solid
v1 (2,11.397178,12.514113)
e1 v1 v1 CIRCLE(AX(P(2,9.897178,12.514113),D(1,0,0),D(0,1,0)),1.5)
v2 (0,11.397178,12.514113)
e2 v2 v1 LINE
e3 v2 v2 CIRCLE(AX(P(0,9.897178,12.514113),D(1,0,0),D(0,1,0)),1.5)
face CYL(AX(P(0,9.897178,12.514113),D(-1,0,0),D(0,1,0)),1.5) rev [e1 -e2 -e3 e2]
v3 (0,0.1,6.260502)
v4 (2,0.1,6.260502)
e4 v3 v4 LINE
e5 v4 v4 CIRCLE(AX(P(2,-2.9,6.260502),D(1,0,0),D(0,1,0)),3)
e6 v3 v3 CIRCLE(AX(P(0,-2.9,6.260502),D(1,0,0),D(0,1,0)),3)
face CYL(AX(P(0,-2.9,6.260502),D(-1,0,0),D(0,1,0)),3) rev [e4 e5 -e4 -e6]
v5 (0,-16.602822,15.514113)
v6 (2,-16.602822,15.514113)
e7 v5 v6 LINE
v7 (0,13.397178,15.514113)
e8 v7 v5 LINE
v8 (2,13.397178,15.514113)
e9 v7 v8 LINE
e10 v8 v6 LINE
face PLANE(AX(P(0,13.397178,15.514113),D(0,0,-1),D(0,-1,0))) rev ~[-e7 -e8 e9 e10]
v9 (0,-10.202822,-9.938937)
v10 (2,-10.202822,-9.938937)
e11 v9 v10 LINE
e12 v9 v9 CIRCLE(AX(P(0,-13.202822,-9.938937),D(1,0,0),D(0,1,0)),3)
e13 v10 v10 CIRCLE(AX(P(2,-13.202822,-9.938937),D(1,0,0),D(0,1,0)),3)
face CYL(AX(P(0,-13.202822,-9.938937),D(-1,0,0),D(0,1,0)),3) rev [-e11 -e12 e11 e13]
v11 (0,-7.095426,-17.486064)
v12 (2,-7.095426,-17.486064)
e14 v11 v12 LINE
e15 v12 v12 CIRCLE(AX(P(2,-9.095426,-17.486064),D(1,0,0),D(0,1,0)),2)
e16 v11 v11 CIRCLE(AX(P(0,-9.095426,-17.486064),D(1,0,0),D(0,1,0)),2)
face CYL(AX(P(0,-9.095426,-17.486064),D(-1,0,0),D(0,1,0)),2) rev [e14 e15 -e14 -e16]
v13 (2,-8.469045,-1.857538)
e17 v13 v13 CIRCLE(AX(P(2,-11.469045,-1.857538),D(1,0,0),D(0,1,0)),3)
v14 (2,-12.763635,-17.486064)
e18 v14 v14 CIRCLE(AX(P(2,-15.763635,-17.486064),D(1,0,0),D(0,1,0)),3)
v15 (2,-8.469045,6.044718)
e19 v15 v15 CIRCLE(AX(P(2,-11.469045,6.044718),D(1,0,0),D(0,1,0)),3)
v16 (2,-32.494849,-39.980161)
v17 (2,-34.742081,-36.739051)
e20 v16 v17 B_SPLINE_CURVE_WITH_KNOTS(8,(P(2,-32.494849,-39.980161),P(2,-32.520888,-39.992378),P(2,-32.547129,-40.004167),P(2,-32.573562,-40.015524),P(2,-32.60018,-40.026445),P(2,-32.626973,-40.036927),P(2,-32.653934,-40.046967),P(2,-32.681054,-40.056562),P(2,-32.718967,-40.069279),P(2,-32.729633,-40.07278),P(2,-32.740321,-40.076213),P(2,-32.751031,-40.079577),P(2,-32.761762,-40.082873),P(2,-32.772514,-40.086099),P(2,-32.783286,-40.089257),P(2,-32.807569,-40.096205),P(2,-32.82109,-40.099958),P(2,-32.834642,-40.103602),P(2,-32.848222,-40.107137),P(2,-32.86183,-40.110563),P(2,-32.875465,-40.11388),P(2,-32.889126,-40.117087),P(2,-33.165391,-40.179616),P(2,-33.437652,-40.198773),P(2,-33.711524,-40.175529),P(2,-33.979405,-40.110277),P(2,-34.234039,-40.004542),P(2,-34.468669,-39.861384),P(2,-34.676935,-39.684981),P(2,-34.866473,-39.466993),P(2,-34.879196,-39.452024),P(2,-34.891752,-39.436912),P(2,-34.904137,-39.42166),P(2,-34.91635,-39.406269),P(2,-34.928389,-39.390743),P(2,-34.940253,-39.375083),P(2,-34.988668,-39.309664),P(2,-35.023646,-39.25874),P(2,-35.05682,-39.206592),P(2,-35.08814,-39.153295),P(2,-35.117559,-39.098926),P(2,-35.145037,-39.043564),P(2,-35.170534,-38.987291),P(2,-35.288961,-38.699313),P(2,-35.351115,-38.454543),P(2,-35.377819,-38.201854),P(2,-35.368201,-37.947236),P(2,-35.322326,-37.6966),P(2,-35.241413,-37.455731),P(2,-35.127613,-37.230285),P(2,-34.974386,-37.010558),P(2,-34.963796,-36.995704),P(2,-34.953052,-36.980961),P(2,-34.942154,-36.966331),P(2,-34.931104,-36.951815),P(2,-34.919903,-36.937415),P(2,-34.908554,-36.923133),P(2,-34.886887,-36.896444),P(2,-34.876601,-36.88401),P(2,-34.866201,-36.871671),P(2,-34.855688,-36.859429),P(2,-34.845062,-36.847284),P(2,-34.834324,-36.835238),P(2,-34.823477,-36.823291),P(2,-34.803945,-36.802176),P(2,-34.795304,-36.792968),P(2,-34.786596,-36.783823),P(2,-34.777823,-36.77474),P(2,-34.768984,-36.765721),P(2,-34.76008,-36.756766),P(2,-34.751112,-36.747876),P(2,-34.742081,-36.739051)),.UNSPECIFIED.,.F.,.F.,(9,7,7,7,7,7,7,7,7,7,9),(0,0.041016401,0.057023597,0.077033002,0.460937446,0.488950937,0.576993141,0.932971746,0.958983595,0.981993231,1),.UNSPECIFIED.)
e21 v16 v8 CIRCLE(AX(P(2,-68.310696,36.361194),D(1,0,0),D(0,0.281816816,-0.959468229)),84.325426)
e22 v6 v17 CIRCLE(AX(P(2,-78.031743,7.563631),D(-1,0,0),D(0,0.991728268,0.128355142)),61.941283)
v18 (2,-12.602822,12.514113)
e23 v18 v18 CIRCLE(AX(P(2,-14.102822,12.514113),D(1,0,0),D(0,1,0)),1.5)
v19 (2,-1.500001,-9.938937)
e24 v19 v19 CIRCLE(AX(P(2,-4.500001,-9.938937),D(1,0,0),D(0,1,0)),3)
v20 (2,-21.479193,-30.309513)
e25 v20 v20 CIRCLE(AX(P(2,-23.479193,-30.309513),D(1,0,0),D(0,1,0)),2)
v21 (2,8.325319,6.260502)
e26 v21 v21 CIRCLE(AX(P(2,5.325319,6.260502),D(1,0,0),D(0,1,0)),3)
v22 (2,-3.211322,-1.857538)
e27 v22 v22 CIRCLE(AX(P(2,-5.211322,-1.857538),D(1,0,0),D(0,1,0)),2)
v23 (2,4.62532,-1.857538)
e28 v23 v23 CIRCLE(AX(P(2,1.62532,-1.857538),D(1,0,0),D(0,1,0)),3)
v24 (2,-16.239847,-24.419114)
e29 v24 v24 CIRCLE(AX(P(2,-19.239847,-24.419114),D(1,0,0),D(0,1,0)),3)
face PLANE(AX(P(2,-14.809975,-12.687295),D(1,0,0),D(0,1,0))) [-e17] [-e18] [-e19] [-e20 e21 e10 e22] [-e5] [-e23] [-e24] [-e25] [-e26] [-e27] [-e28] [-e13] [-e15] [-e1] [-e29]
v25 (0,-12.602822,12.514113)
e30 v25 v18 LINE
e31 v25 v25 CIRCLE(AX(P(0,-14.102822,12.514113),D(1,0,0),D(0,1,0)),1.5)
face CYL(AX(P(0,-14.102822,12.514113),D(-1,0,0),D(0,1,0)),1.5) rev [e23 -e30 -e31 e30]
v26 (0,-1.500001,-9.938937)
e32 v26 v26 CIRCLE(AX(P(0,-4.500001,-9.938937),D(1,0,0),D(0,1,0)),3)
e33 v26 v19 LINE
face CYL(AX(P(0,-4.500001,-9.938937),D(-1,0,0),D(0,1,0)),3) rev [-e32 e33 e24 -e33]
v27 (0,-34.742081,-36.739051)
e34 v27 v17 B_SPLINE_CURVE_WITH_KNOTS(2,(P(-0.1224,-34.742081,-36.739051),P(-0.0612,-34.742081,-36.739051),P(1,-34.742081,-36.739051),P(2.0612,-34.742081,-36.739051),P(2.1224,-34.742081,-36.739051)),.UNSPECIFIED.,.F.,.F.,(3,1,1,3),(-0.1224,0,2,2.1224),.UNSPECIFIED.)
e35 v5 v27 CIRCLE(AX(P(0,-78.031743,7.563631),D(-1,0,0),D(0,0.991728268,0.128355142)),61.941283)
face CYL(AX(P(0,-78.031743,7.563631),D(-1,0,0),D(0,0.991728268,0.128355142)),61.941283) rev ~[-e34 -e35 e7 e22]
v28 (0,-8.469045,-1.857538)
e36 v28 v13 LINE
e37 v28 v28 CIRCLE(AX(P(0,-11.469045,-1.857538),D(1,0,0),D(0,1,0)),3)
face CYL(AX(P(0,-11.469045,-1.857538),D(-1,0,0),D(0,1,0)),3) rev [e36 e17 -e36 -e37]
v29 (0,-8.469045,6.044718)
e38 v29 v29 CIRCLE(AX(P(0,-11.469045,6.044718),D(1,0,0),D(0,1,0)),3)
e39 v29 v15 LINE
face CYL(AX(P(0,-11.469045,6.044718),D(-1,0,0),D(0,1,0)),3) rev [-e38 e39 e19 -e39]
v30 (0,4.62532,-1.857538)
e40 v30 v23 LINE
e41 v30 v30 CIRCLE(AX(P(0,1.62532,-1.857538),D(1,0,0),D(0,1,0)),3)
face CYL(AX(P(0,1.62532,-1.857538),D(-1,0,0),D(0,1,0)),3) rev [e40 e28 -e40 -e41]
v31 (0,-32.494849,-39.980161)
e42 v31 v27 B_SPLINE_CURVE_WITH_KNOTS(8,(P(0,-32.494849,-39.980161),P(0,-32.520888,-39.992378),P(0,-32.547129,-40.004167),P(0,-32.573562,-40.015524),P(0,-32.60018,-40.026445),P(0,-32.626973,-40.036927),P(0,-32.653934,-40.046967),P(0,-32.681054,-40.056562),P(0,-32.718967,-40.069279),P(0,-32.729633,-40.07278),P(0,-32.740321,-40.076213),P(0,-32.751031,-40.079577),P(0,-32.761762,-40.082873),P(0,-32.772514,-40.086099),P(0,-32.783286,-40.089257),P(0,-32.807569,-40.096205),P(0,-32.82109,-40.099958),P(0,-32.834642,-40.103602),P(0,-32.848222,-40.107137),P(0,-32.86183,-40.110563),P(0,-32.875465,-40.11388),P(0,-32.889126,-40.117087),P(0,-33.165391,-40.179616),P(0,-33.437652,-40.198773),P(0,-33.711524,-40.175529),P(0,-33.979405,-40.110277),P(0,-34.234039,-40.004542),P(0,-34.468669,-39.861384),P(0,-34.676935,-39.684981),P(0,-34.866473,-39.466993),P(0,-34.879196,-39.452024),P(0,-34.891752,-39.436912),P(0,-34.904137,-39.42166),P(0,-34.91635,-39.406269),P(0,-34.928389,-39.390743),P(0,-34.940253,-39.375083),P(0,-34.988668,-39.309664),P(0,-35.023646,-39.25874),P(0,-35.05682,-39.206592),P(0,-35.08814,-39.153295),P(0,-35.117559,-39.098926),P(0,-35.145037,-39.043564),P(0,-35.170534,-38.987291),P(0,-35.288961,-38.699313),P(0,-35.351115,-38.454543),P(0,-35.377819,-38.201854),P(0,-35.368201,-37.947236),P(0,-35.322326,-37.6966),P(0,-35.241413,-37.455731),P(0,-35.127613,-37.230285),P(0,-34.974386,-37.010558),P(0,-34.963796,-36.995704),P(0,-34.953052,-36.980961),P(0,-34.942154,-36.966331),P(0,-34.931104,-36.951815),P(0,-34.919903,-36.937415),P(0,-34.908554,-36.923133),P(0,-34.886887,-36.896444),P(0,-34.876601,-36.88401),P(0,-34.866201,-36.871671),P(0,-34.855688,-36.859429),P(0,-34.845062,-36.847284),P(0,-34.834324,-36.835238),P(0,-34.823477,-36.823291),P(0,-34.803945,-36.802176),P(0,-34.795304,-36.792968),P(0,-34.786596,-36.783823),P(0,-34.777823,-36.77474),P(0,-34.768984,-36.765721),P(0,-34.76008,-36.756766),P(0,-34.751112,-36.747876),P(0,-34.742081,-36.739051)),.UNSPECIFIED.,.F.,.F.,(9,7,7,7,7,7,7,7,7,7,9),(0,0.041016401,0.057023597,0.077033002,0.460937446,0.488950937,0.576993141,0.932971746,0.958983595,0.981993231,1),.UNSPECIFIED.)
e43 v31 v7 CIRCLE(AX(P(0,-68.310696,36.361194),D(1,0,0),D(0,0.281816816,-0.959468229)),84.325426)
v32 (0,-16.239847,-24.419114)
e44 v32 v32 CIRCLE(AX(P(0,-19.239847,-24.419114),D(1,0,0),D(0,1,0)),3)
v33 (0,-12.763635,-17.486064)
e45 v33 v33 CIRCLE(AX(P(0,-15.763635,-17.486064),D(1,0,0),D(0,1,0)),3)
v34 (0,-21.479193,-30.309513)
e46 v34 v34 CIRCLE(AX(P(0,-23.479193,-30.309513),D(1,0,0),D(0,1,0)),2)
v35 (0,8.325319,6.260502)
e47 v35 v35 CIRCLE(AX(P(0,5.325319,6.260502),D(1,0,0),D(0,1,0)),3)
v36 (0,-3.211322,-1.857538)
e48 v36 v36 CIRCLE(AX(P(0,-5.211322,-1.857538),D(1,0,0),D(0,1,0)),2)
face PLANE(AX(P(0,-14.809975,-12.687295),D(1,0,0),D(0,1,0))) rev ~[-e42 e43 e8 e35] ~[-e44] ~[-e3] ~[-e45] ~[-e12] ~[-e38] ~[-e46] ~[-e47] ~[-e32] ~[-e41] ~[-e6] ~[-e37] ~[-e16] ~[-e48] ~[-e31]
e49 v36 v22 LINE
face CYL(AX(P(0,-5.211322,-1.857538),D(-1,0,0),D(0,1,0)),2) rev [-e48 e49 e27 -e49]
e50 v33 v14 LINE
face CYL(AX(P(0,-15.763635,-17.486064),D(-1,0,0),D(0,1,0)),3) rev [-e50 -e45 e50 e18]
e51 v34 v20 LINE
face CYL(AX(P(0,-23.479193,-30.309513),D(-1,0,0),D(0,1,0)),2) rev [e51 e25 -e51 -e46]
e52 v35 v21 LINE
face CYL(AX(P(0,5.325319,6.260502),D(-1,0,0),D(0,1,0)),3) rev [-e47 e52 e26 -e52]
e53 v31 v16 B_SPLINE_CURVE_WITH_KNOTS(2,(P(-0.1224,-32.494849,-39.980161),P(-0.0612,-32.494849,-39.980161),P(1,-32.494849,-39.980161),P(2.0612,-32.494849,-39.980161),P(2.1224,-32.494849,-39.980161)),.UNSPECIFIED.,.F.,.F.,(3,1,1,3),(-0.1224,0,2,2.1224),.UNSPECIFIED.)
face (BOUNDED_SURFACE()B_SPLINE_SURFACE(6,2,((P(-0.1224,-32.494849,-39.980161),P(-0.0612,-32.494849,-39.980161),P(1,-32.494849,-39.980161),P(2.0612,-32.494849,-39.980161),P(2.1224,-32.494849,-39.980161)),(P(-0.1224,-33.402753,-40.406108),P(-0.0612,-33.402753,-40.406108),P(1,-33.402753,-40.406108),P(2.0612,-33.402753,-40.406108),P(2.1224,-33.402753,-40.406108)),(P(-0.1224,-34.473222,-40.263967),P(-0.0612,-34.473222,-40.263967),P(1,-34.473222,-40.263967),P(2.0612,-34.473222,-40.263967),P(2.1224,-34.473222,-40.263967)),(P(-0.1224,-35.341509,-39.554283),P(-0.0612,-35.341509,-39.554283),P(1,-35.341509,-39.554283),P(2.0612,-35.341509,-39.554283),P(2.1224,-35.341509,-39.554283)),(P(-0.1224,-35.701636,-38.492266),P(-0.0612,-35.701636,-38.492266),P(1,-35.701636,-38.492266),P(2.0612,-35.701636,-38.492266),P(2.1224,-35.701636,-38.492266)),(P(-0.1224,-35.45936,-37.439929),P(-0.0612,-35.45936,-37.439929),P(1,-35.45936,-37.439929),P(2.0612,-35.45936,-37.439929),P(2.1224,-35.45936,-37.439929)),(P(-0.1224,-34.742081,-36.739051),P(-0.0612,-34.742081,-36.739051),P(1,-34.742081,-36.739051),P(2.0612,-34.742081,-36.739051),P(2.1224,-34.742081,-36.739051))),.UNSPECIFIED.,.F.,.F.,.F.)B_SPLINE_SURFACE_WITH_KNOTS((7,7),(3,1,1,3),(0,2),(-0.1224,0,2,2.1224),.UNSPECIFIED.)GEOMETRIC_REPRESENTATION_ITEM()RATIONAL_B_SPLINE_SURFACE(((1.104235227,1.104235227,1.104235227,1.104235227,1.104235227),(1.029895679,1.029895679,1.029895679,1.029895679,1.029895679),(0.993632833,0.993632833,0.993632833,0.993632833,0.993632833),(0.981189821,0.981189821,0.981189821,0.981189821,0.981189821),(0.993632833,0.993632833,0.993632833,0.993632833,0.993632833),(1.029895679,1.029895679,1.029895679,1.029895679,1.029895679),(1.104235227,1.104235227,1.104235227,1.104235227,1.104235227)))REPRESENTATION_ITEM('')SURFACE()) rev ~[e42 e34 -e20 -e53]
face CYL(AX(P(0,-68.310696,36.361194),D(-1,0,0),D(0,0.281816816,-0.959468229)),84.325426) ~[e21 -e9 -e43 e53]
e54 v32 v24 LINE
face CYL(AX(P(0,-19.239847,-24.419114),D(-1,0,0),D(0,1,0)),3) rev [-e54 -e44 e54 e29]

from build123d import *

# Parameters (mm, degrees)
F0_R     = 2
F0_R_2   = 3
F0_R_3   = 1.5
F1_DEPTH = 2
F2_R     = 2


with BuildPart() as f1:
    # F0 (on Right) → F1 (new body)
    with BuildSketch(Plane.YZ):
        with BuildLine():
            Line((13.397178, 15.514113), (-16.602822, 15.514113))
            ThreePointArc((-16.602822, 15.514113), (-21.871293, -18.565402), (-44.546373, -44.546373))
            ThreePointArc((-44.546373, -44.546373), (-7.623699, -22.186785), (13.397178, 15.514113))
        make_face()
        with Locations((-23.479193, -30.309513)):
            Circle(F0_R, mode=Mode.SUBTRACT)
        with Locations((-19.239847, -24.419114)):
            Circle(F0_R_2, mode=Mode.SUBTRACT)
        with Locations((-15.763635, -17.486064)):
            Circle(F0_R_2, mode=Mode.SUBTRACT)
        with Locations((-9.095426, -17.486064)):
            Circle(F0_R, mode=Mode.SUBTRACT)
        with Locations((-13.202822, -9.938937)):
            Circle(F0_R_2, mode=Mode.SUBTRACT)
        with Locations((-4.500001, -9.938937)):
            Circle(F0_R_2, mode=Mode.SUBTRACT)
        with Locations((-11.469045, -1.857538)):
            Circle(F0_R_2, mode=Mode.SUBTRACT)
        with Locations((-5.211322, -1.857538)):
            Circle(F0_R, mode=Mode.SUBTRACT)
        with Locations((1.62532, -1.857538)):
            Circle(F0_R_2, mode=Mode.SUBTRACT)
        with Locations((-11.469045, 6.044718)):
            Circle(F0_R_2, mode=Mode.SUBTRACT)
        with Locations((-2.9, 6.260502)):
            Circle(F0_R_2, mode=Mode.SUBTRACT)
        with Locations((-14.102822, 12.514113)):
            Circle(F0_R_3, mode=Mode.SUBTRACT)
        with Locations((5.325319, 6.260502)):
            Circle(F0_R_2, mode=Mode.SUBTRACT)
        with Locations((9.897178, 12.514113)):
            Circle(F0_R_3, mode=Mode.SUBTRACT)
    extrude(amount=F1_DEPTH)

    # F2
    f2_edges = [f1.edges().sort_by_distance(p)[0] for p in [
        (1, -44.546373, -44.546373),
    ]]
    fillet(f2_edges, radius=F2_R)


solid = f1.part
